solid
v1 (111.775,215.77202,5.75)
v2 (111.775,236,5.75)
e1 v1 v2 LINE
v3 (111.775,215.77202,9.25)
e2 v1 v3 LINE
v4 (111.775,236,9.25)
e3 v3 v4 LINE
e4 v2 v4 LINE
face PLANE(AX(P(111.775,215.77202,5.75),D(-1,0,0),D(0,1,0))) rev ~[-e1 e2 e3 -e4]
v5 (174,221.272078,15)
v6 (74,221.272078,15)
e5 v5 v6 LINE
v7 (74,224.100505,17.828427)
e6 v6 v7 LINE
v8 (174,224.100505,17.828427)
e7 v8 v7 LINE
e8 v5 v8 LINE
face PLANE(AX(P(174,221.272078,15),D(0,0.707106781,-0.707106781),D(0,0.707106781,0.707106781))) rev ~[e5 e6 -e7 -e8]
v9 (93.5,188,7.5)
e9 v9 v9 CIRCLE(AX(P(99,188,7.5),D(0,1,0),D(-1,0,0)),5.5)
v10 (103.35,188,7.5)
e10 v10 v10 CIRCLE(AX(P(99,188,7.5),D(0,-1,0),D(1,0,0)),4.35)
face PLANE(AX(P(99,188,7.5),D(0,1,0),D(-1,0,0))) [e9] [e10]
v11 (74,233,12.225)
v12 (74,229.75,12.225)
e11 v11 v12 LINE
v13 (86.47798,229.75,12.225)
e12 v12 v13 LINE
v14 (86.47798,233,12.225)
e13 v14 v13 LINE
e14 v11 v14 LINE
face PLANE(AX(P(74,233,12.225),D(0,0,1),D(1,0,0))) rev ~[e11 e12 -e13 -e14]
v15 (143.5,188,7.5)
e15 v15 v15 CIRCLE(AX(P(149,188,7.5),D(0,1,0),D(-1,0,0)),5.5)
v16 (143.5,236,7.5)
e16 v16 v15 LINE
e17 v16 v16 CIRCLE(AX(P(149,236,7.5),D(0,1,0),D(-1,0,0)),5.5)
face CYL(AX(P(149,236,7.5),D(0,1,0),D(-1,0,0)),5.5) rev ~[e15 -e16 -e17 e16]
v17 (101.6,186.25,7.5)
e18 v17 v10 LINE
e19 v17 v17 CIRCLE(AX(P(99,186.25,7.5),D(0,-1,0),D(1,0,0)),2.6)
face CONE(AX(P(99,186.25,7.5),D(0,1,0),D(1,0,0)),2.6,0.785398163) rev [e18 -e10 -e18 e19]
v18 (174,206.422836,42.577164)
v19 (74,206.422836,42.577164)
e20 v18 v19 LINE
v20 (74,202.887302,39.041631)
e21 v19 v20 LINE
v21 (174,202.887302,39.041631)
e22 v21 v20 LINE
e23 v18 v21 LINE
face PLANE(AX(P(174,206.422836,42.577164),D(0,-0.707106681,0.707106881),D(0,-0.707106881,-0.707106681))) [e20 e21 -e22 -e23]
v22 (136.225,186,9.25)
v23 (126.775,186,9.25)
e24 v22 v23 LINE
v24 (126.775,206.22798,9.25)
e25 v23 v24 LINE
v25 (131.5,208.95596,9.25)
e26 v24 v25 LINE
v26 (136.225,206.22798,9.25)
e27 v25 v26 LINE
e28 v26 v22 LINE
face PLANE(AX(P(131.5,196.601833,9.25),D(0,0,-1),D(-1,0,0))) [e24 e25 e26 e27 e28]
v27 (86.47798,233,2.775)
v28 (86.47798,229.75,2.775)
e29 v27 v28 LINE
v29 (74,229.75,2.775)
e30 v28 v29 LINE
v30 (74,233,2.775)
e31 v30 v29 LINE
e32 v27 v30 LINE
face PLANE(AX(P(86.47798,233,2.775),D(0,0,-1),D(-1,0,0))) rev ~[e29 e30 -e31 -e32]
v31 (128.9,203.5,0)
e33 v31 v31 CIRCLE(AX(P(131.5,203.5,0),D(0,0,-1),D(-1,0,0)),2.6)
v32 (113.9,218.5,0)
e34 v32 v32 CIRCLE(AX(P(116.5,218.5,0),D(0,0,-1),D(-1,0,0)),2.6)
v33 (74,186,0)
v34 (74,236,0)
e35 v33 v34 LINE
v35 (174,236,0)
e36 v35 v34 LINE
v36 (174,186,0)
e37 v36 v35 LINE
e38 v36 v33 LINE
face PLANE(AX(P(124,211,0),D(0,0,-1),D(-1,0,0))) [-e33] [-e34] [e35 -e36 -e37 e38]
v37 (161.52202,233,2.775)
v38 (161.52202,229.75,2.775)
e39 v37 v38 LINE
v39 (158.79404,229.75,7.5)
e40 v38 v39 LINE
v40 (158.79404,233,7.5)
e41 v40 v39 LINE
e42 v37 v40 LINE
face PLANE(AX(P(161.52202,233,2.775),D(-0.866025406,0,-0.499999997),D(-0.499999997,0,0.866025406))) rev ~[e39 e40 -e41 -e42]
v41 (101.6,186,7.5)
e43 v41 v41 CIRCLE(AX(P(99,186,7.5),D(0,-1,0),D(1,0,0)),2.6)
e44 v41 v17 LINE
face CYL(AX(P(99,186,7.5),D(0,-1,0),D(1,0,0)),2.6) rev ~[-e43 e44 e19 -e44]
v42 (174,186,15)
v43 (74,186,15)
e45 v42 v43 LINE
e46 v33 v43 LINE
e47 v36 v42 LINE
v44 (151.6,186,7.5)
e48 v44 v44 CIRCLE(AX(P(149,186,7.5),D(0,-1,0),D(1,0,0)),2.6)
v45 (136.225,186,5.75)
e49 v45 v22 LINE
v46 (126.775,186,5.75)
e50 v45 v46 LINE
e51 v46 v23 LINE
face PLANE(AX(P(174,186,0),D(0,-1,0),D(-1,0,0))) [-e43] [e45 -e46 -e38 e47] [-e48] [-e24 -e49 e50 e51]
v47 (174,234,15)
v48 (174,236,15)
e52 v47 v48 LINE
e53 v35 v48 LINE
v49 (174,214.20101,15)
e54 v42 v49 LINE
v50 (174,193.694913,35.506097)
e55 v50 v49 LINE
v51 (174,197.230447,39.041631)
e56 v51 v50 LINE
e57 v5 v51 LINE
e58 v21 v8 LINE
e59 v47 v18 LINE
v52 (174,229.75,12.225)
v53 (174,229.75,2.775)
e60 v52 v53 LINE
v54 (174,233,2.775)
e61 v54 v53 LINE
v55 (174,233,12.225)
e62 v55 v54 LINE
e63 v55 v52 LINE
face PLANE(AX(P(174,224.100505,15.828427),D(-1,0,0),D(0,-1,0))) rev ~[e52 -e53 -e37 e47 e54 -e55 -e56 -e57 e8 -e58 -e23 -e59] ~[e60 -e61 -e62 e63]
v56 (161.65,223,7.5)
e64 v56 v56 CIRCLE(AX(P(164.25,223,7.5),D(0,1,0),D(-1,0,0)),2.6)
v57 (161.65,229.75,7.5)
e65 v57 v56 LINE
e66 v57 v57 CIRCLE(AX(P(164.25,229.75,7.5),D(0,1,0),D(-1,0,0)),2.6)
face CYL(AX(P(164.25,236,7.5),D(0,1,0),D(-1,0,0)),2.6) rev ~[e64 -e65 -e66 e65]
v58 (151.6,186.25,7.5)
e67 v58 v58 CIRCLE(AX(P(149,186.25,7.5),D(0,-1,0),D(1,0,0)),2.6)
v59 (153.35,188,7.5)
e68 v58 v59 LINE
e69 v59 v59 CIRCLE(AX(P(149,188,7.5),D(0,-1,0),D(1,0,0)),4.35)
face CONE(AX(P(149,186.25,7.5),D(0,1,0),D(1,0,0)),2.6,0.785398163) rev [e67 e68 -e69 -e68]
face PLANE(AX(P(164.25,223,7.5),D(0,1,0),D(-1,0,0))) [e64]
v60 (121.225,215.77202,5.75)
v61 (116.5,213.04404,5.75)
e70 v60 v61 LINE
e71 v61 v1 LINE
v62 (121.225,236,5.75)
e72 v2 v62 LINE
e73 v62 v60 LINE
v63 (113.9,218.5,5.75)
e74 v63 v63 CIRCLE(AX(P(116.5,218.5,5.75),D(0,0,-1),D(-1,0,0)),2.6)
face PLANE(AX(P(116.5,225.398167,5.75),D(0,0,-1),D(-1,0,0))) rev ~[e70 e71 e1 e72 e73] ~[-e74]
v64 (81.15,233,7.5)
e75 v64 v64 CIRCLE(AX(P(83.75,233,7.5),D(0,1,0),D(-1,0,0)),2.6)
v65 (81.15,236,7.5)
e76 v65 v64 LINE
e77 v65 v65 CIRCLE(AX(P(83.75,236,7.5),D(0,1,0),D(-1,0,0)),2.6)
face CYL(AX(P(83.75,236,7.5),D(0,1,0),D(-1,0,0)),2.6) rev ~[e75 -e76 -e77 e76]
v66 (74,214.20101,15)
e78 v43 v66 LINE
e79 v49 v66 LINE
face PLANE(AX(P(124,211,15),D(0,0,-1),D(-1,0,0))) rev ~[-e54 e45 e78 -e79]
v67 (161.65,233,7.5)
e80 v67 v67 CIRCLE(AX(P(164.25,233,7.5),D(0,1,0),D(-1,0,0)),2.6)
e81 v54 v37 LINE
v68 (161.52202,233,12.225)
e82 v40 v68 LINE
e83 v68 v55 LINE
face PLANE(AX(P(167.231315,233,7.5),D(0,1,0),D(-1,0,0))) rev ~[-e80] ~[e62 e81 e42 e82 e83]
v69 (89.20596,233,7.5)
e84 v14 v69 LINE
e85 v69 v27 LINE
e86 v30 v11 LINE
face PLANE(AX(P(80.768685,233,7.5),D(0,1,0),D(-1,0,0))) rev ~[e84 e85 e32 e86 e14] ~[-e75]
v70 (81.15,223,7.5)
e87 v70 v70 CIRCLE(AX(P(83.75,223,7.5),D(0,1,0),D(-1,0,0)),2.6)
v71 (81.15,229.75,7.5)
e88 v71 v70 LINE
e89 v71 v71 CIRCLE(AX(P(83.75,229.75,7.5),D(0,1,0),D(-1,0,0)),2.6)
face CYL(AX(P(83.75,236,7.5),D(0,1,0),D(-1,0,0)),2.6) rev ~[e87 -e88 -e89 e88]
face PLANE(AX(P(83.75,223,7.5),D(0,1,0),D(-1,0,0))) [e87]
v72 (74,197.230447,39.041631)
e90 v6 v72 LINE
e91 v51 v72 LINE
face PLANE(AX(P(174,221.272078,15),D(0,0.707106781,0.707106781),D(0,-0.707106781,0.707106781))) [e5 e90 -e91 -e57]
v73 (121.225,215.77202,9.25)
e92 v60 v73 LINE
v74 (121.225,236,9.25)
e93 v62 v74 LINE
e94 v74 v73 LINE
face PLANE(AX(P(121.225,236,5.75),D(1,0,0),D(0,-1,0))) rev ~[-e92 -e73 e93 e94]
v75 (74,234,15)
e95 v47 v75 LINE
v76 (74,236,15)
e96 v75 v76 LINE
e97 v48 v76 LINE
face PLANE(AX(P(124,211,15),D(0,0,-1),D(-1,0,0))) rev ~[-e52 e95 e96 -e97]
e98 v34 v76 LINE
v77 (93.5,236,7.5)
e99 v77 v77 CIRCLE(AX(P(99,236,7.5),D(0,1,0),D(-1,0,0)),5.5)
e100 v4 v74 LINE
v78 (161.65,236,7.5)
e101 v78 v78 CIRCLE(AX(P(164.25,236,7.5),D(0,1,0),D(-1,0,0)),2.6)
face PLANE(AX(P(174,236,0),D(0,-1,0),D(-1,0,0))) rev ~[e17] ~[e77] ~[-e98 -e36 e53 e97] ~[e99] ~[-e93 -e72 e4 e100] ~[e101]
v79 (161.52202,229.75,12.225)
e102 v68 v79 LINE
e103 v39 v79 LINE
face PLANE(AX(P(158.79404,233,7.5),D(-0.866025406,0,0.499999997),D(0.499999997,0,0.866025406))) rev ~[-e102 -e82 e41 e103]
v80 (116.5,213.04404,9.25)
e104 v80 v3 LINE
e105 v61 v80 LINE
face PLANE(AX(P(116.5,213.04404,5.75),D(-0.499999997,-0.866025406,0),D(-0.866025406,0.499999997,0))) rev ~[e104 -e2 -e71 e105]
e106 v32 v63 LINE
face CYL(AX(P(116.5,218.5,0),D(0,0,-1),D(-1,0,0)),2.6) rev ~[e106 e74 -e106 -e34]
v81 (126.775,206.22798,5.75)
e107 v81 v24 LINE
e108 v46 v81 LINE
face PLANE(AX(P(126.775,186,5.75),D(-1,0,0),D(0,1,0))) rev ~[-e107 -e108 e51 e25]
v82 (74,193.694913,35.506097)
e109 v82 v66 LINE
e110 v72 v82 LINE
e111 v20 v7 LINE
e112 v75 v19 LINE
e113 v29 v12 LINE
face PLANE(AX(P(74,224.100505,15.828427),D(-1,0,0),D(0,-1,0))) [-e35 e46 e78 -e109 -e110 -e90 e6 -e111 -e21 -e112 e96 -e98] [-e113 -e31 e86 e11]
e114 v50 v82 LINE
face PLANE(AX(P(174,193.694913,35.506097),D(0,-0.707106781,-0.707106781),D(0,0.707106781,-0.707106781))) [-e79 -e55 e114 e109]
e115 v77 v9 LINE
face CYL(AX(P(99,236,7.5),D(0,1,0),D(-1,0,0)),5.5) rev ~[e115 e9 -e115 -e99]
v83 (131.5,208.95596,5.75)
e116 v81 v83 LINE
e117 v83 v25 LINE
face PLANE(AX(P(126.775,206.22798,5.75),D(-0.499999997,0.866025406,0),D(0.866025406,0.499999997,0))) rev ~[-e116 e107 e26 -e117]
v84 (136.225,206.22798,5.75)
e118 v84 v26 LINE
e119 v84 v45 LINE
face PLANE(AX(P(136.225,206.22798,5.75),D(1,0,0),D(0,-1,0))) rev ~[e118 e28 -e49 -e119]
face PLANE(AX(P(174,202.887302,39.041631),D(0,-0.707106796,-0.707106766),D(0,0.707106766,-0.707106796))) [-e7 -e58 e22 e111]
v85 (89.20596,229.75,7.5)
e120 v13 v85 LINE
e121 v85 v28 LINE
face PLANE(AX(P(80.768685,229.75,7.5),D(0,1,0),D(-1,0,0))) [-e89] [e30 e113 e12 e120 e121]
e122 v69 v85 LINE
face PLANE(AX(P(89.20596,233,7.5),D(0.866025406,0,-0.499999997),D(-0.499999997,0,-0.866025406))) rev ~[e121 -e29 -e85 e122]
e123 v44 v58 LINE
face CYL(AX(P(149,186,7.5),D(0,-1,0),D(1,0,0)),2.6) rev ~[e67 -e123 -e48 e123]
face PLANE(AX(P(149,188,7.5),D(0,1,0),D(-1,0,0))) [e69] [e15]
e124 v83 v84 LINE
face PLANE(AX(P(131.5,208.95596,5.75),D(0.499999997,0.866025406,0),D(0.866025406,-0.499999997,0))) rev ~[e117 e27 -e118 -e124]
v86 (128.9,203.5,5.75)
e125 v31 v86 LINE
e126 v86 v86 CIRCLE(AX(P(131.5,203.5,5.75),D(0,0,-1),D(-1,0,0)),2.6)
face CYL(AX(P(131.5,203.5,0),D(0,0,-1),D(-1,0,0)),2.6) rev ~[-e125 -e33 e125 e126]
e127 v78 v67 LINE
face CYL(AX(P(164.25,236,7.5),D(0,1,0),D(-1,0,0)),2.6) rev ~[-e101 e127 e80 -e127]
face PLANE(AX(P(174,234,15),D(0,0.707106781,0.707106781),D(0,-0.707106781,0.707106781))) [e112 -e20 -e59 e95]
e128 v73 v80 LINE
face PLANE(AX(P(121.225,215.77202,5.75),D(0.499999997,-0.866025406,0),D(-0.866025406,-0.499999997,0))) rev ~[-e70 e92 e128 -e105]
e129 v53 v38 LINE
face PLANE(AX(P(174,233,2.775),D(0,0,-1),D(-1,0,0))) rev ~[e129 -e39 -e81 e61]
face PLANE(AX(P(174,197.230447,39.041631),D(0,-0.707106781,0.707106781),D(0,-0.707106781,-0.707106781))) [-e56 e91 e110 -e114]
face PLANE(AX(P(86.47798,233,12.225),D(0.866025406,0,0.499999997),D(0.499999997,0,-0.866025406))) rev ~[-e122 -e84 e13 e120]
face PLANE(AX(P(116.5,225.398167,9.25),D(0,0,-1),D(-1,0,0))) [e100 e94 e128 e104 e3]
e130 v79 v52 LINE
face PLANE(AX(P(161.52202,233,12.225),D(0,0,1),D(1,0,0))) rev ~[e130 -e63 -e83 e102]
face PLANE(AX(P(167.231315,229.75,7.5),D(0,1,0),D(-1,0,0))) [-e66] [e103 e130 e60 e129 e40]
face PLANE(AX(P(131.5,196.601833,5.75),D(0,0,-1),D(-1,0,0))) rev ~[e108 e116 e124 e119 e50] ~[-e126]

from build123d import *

# Parameters (mm, degrees)
SKETCH011_W     = 100
SKETCH011_H     = 50
PAD003_DEPTH    = 15
PAD004_DEPTH    = 100
SKETCH016_R     = 2.6
POCKET010_DEPTH = 200
PAD005_DEPTH    = 100
SKETCH027_R     = 2.6
POCKET018_DEPTH = 9
POCKET019_START = -5.75
POCKET019_DEPTH = 3.5
SKETCH029_R     = 5.5
POCKET020_DEPTH = 48
CHAMFER002_SIZE = 1.75
SKETCH031_R     = 2.6
POCKET022_DEPTH = 13
POCKET023_START = -3
POCKET023_DEPTH = 3.25


with BuildPart() as part:
    # Sketch011 (on Face1 of ShapeBinder) → Pad003 (new body)
    with BuildSketch(Plane(origin=(248, 180, 0), x_dir=(-1, 0, 0), z_dir=(0, 0, -1))):
        with Locations((124, 31)):
            Rectangle(SKETCH011_W, SKETCH011_H)
    extrude(amount=-PAD003_DEPTH)

    # Sketch012 (on Face5 of Pad003) → Pad004 (join)
    with BuildSketch(Plane(origin=(174, 180, 0), x_dir=(0, 1, 0), z_dir=(1, 0, 0))):
        Polygon((54, 15), (26.422836, 42.577164), (22.887302, 39.041631), (46.928932, 15), align=None)
        Polygon((41.272078, 15), (17.230447, 39.041631), (13.694913, 35.506097), (34.20101, 15), align=None)
    extrude(amount=-PAD004_DEPTH)

    # Sketch016 (on Face1 of Pad004) → Pocket010 (cut)
    with BuildSketch(Plane(origin=(248, 186, 0), x_dir=(1, 0, 0), z_dir=(0, -1, 0))):
        with Locations((-149, 7.5)):
            Circle(SKETCH016_R)
        with Locations((-99, 7.5)):
            Circle(SKETCH016_R)
    extrude(amount=-POCKET010_DEPTH, mode=Mode.SUBTRACT)

    # Sketch017 (on Face3 of Pocket010) → Pad005 (join)
    with BuildSketch(Plane(origin=(174, 180, 0), x_dir=(0, 1, 0), z_dir=(1, 0, 0))):
        Polygon((41.272078, 15), (44.100505, 17.828427), (46.928932, 15), align=None)
    extrude(amount=-PAD005_DEPTH)

    # Sketch027 (on Face2 of Pad005) → Pocket018 (cut)
    with BuildSketch(Plane(origin=(248, 180, 0), x_dir=(-1, 0, 0), z_dir=(0, 0, -1))):
        with Locations((116.5, 23.5)):
            Circle(SKETCH027_R)
        with Locations((131.5, 38.5)):
            Circle(SKETCH027_R)
    extrude(amount=-POCKET018_DEPTH, mode=Mode.SUBTRACT)

    # Sketch028 (on Face2 of Pocket018) → Pocket019 (cut)
    with BuildSketch(Plane(origin=(248, 180, 0), x_dir=(-1, 0, 0), z_dir=(0, 0, -1)).offset(POCKET019_START)):
        Polygon((126.775, 41.22798), (126.775, 35.77202), (131.5, 33.04404), (136.225, 35.77202), (136.225, 41.22798), (136.225, 56), (126.775, 56), align=None)
        Polygon((111.775, 26.22798), (111.775, 20.77202), (111.775, 6), (121.225, 6), (121.225, 20.77202), (121.225, 26.22798), (116.5, 28.95596), align=None)
    extrude(amount=-POCKET019_DEPTH, mode=Mode.SUBTRACT)

    # Sketch029 (on Face12 of Pocket019) → Pocket020 (cut)
    with BuildSketch(Plane(origin=(248, 236, 0), x_dir=(-1, 0, 0), z_dir=(0, 1, 0))):
        with Locations((99, 7.5)):
            Circle(SKETCH029_R)
        with Locations((149, 7.5)):
            Circle(SKETCH029_R)
    extrude(amount=-POCKET020_DEPTH, mode=Mode.SUBTRACT)

    # Chamfer002
    chamfer002_edges = [part.edges().sort_by_distance(p)[0] for p in [
        (146.4, 188, 7.5),
        (96.4, 188, 7.5),
    ]]
    chamfer(chamfer002_edges, length=CHAMFER002_SIZE)

    # Sketch031 (on Face13 of Chamfer002) → Pocket022 (cut)
    with BuildSketch(Plane(origin=(248, 236, 0), x_dir=(-1, 0, 0), z_dir=(0, 1, 0))):
        with Locations((83.75, 7.5)):
            Circle(SKETCH031_R)
        with Locations((164.25, 7.5)):
            Circle(SKETCH031_R)
    extrude(amount=-POCKET022_DEPTH, mode=Mode.SUBTRACT)

    # Sketch032 (on Face15 of Pocket022) → Pocket023 (cut)
    with BuildSketch(Plane(origin=(248, 236, 0), x_dir=(-1, 0, 0), z_dir=(0, 1, 0)).offset(POCKET023_START)):
        Polygon((81.02202, 2.775), (86.47798, 2.775), (89.20596, 7.5), (86.47798, 12.225), (81.02202, 12.225), (74, 12.225), (74, 2.775), align=None)
        Polygon((161.52202, 12.225), (158.79404, 7.5), (161.52202, 2.775), (166.97798, 2.775), (174, 2.775), (174, 12.225), (166.97798, 12.225), align=None)
    extrude(amount=-POCKET023_DEPTH, mode=Mode.SUBTRACT)


solid = part.part
